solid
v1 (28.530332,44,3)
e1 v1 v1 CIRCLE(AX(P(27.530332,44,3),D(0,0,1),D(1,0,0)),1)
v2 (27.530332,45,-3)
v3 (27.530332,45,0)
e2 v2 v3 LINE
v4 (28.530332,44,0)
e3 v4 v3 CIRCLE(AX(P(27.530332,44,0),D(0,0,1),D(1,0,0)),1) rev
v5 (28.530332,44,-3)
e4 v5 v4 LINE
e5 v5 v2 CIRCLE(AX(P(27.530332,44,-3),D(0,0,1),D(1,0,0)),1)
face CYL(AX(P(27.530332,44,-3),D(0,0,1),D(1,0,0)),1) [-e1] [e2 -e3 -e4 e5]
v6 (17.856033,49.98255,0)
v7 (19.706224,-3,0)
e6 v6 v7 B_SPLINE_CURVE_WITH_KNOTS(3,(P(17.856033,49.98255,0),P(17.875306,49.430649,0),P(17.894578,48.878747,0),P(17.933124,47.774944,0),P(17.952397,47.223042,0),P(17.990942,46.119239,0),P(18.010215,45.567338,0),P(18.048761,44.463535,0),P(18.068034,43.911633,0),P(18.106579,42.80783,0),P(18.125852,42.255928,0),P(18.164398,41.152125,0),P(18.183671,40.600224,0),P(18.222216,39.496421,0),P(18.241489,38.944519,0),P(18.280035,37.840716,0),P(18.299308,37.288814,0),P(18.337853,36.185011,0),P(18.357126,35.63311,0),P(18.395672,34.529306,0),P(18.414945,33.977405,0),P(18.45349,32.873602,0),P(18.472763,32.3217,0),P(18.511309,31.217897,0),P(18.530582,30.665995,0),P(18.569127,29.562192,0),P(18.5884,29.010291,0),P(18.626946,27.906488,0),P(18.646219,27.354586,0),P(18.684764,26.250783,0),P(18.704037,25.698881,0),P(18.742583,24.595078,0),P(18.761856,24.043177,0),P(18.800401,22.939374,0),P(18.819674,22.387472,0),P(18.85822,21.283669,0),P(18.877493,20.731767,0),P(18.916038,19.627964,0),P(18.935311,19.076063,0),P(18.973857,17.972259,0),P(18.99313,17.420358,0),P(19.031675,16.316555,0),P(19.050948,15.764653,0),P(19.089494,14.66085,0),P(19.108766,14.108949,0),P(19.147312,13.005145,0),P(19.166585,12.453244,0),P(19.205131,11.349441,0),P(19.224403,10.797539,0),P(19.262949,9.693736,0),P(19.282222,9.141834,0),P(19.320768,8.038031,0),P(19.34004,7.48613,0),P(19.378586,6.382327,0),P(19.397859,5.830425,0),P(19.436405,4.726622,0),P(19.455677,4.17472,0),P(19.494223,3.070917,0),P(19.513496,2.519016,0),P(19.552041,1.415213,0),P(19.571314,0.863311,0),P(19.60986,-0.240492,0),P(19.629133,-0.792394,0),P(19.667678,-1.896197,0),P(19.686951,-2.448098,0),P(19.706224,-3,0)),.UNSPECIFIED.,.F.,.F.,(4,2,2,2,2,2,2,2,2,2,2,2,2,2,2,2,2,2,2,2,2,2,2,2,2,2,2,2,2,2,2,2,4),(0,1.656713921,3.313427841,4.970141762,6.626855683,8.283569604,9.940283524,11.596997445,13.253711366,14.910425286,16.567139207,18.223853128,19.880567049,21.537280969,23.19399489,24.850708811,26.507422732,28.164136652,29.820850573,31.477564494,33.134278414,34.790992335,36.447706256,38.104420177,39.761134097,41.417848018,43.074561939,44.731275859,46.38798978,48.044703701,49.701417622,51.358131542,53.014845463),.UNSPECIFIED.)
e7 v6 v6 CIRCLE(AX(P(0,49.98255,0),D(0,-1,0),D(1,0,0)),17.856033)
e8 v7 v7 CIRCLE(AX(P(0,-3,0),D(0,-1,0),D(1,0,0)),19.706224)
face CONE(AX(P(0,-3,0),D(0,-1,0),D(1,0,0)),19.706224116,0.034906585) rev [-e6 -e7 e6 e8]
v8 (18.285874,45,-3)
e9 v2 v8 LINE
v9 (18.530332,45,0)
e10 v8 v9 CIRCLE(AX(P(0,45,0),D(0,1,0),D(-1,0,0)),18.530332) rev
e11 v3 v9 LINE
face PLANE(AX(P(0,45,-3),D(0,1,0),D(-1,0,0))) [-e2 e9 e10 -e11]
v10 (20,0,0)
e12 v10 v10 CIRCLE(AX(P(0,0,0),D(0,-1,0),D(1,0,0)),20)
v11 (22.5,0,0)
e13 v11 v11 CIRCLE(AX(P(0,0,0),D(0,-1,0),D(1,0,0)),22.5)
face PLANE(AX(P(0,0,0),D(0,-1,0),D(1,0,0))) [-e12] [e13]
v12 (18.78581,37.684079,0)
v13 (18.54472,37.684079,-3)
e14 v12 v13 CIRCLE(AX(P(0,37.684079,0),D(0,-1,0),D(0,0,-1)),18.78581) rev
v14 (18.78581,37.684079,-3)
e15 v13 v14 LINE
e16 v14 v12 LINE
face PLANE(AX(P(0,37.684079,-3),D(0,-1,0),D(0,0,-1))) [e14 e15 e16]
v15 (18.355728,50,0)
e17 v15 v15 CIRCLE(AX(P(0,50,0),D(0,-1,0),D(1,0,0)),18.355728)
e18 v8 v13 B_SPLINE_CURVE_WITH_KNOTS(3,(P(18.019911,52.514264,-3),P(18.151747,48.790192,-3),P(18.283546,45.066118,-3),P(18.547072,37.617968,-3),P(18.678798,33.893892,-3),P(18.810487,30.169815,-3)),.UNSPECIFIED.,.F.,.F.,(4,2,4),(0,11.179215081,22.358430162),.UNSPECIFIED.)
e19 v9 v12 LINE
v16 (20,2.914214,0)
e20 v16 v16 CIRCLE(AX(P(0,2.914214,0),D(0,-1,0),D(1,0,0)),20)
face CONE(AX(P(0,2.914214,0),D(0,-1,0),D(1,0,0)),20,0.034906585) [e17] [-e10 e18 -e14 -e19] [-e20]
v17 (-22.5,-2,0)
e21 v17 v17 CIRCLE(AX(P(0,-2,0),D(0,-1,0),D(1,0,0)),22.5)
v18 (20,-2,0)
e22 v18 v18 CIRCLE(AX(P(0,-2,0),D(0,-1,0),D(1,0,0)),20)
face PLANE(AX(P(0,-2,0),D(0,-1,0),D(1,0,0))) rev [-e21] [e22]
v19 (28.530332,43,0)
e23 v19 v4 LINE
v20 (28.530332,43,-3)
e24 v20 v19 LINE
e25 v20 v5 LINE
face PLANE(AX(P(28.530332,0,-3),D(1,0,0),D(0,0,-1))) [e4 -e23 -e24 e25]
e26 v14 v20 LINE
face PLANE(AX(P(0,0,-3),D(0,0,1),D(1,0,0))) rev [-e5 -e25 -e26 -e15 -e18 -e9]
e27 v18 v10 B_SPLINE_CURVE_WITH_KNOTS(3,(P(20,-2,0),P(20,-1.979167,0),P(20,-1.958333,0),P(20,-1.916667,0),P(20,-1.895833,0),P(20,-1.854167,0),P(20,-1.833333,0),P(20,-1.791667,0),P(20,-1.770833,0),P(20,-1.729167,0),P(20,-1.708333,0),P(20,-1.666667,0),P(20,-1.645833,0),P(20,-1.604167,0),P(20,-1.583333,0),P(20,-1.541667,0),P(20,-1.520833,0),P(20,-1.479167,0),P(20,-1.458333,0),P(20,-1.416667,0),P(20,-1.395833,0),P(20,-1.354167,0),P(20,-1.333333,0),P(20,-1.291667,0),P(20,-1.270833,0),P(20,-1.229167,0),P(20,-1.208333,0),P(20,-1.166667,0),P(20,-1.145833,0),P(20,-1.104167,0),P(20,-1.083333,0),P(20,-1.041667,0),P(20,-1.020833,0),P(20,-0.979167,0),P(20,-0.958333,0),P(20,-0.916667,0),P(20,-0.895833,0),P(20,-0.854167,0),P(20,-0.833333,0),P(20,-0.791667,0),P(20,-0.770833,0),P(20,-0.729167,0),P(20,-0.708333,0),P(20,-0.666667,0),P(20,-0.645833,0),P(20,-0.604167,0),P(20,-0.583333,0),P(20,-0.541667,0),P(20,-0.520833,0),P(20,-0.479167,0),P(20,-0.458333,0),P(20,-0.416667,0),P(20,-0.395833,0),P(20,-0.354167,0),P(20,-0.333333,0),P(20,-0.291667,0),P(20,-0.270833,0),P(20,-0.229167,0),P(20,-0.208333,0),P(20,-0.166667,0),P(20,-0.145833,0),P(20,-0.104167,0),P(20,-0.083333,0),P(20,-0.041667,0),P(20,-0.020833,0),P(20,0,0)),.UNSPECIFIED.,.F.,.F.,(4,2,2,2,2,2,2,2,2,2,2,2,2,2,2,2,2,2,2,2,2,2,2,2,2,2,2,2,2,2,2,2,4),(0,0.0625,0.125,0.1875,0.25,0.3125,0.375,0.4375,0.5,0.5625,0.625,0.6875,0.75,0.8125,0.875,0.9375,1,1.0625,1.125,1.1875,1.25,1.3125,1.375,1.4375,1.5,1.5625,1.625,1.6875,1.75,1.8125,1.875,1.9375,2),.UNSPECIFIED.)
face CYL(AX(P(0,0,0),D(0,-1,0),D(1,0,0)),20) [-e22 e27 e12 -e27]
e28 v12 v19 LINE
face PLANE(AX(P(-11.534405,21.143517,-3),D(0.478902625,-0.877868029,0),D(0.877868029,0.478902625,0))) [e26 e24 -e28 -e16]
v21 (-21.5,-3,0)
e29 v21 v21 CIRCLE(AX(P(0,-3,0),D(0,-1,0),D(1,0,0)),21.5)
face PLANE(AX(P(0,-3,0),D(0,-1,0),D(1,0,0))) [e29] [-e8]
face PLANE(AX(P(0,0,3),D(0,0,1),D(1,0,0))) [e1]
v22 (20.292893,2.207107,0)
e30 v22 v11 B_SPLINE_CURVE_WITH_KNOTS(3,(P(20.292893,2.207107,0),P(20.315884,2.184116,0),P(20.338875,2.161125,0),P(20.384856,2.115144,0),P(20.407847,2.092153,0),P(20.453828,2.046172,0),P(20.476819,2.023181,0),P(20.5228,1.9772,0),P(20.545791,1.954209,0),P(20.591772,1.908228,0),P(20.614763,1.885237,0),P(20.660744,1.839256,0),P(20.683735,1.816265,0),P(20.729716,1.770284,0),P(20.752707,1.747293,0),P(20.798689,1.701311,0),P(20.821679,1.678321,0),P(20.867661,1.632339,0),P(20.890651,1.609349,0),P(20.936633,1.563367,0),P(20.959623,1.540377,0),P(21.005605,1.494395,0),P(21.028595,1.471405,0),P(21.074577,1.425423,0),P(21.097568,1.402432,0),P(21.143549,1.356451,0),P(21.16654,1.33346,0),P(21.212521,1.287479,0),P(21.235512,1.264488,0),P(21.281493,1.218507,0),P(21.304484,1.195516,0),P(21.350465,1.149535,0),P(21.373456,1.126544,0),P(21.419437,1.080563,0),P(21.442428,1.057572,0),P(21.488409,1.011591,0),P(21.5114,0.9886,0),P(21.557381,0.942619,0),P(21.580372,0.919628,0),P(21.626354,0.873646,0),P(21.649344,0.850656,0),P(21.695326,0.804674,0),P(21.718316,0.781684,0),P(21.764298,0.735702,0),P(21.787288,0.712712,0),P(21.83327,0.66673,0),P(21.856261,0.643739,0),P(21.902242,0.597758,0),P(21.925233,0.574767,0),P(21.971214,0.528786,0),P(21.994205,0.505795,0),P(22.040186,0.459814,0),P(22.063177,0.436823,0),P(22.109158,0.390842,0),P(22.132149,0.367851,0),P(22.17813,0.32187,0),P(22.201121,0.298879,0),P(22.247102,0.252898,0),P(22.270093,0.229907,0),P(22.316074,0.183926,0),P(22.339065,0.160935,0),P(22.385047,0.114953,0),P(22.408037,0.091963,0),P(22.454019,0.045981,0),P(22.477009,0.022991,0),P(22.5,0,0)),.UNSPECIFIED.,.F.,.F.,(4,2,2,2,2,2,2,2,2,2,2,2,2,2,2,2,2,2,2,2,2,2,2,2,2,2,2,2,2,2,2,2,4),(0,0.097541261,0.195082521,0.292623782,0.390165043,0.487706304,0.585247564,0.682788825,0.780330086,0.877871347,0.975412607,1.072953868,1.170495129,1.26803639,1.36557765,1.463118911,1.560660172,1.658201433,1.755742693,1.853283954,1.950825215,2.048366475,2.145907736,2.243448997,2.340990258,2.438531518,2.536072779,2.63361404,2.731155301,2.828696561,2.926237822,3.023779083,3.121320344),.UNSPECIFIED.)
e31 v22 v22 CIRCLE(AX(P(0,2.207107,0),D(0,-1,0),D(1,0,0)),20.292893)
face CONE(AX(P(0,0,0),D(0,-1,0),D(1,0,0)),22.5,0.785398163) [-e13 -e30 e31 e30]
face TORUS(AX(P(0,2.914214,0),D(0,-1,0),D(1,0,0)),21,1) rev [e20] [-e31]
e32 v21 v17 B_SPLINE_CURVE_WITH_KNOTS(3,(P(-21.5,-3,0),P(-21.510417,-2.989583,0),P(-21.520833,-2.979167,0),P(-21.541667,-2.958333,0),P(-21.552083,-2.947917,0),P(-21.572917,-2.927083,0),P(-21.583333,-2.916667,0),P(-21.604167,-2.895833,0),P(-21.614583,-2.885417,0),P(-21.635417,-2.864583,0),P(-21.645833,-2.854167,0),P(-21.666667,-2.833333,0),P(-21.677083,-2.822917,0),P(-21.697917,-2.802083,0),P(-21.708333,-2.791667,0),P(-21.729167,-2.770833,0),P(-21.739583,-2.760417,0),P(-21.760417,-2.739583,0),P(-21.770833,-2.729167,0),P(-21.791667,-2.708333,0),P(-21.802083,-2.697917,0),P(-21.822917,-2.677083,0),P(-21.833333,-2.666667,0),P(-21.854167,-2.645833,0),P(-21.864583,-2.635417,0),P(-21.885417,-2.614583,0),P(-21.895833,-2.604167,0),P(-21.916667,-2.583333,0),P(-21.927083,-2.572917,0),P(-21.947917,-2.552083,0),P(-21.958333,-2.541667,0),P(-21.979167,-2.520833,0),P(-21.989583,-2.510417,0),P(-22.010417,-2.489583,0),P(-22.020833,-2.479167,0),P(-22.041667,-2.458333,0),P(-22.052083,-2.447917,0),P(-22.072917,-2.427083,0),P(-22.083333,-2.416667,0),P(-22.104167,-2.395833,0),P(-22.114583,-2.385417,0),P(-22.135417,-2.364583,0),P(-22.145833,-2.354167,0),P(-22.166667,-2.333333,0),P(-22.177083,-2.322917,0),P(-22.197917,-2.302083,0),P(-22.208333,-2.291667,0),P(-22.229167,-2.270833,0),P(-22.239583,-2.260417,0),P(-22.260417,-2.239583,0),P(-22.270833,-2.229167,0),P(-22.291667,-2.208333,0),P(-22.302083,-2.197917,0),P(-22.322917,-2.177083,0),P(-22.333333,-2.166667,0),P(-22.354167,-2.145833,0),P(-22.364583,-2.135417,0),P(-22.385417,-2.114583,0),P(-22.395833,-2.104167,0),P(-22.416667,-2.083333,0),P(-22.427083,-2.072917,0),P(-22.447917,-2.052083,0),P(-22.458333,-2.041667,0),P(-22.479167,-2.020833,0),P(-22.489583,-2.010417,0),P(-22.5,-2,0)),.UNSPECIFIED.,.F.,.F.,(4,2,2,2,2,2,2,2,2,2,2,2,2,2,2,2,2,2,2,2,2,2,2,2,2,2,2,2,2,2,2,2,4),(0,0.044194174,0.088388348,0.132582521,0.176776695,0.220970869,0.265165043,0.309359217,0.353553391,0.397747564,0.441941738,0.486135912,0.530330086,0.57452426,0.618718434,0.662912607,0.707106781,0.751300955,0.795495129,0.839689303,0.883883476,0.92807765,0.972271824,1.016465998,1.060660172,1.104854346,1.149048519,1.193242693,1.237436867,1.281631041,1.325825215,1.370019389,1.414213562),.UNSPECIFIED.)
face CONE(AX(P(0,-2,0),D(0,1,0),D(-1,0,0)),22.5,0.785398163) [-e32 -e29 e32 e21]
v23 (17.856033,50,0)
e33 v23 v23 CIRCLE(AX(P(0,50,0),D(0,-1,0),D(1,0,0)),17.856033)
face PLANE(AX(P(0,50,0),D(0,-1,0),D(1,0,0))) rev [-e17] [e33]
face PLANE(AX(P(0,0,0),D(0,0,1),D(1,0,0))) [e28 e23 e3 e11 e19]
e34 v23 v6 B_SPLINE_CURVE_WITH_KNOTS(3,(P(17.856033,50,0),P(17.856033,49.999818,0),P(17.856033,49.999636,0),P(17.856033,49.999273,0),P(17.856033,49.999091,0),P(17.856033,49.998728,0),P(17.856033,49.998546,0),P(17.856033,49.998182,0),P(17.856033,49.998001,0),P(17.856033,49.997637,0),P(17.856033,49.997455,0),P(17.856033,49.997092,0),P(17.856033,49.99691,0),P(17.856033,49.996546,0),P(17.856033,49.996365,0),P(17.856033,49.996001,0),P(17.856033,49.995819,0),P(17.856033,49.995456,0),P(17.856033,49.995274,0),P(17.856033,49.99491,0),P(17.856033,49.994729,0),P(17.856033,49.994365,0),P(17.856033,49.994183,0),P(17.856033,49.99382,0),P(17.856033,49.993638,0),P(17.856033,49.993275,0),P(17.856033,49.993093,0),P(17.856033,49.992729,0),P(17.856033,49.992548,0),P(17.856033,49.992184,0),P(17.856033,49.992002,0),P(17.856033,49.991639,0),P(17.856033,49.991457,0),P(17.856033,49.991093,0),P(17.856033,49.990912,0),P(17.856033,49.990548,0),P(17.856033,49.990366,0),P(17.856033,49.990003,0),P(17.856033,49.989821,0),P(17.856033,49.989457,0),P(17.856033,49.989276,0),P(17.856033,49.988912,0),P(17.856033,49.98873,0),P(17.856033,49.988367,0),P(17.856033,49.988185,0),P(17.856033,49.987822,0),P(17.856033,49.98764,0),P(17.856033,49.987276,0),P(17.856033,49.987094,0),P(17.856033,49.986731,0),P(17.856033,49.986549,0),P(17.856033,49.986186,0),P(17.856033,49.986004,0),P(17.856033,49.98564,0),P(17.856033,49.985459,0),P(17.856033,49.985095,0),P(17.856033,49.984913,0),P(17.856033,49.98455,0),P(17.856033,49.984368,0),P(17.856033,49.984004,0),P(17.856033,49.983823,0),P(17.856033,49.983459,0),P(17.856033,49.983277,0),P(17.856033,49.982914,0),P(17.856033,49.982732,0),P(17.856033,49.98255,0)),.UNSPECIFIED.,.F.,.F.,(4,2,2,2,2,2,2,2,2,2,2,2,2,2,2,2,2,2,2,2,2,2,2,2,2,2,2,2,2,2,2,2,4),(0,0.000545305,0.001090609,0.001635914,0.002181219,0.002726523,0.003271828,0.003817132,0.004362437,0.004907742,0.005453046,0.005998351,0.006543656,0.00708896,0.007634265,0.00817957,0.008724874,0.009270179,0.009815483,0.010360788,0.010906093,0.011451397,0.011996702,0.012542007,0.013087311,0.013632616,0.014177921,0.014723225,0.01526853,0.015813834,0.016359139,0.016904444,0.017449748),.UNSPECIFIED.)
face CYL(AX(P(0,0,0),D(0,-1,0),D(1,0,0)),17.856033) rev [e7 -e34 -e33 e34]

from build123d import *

# Parameters (mm, degrees)
BOSS_EXTRUDE1_DEPTH = 3
BOSS_EXTRUDE2_START = 3
BOSS_EXTRUDE2_DEPTH = 3


with BuildPart() as part:
    # Sketch1 → Revolve1 (revolve)
    with BuildSketch(Plane.XY):
        with BuildLine():
            Line((19.706224116, -3), (21.5, -3))
            Line((21.5, -3), (22.5, -2))
            Line((22.5, -2), (20, -2))
            Line((20, -2), (20, 0))
            Line((20, 0), (22.5, 0))
            Line((22.5, 0), (20.292893219, 2.207106781))
            ThreePointArc((20.292893219, 2.207106781), (20.076120467, 2.53153013), (20, 2.914213562))
            Line((20, 2.914213562), (18.355728105, 50))
            Line((18.355728105, 50), (17.856032692, 50))
            Line((17.856032692, 50), (17.856032692, 49.982550252))
            Line((17.856032692, 49.982550252), (19.500030777, 2.904604688))
            Line((19.500030777, 2.904604688), (19.706224116, -3))
        make_face()
    revolve(axis=Axis((0, 0, 0), (0, 1, 0)))

    # Sketch2 → Boss-Extrude1 (add)
    with BuildSketch(Plane.XY):
        with BuildLine():
            Line((18.285809554, 37.684078697), (18.785809554, 37.684078697))
            Line((18.785809554, 37.684078697), (28.530331953, 43))
            Line((28.530331953, 43), (28.530331953, 44))
            ThreePointArc((28.530331953, 44), (28.237438734, 44.707106781), (27.530331953, 45))
            Line((27.530331953, 45), (18.285809554, 45))
            Line((18.285809554, 45), (18.285809554, 37.684078697))
        make_face()
    extrude(amount=-BOSS_EXTRUDE1_DEPTH)

    # Sketch2<3> → Boss-Extrude2 (add)
    with BuildSketch(Plane.XY.offset(BOSS_EXTRUDE2_START)):
        with BuildLine():
            ThreePointArc((27.530331953, 45), (26.823225172, 43.292893219), (28.530331953, 44))
            ThreePointArc((28.530331953, 44), (28.237438734, 44.707106781), (27.530331953, 45))
        make_face()
    extrude(amount=-BOSS_EXTRUDE2_DEPTH)


solid = part.part
